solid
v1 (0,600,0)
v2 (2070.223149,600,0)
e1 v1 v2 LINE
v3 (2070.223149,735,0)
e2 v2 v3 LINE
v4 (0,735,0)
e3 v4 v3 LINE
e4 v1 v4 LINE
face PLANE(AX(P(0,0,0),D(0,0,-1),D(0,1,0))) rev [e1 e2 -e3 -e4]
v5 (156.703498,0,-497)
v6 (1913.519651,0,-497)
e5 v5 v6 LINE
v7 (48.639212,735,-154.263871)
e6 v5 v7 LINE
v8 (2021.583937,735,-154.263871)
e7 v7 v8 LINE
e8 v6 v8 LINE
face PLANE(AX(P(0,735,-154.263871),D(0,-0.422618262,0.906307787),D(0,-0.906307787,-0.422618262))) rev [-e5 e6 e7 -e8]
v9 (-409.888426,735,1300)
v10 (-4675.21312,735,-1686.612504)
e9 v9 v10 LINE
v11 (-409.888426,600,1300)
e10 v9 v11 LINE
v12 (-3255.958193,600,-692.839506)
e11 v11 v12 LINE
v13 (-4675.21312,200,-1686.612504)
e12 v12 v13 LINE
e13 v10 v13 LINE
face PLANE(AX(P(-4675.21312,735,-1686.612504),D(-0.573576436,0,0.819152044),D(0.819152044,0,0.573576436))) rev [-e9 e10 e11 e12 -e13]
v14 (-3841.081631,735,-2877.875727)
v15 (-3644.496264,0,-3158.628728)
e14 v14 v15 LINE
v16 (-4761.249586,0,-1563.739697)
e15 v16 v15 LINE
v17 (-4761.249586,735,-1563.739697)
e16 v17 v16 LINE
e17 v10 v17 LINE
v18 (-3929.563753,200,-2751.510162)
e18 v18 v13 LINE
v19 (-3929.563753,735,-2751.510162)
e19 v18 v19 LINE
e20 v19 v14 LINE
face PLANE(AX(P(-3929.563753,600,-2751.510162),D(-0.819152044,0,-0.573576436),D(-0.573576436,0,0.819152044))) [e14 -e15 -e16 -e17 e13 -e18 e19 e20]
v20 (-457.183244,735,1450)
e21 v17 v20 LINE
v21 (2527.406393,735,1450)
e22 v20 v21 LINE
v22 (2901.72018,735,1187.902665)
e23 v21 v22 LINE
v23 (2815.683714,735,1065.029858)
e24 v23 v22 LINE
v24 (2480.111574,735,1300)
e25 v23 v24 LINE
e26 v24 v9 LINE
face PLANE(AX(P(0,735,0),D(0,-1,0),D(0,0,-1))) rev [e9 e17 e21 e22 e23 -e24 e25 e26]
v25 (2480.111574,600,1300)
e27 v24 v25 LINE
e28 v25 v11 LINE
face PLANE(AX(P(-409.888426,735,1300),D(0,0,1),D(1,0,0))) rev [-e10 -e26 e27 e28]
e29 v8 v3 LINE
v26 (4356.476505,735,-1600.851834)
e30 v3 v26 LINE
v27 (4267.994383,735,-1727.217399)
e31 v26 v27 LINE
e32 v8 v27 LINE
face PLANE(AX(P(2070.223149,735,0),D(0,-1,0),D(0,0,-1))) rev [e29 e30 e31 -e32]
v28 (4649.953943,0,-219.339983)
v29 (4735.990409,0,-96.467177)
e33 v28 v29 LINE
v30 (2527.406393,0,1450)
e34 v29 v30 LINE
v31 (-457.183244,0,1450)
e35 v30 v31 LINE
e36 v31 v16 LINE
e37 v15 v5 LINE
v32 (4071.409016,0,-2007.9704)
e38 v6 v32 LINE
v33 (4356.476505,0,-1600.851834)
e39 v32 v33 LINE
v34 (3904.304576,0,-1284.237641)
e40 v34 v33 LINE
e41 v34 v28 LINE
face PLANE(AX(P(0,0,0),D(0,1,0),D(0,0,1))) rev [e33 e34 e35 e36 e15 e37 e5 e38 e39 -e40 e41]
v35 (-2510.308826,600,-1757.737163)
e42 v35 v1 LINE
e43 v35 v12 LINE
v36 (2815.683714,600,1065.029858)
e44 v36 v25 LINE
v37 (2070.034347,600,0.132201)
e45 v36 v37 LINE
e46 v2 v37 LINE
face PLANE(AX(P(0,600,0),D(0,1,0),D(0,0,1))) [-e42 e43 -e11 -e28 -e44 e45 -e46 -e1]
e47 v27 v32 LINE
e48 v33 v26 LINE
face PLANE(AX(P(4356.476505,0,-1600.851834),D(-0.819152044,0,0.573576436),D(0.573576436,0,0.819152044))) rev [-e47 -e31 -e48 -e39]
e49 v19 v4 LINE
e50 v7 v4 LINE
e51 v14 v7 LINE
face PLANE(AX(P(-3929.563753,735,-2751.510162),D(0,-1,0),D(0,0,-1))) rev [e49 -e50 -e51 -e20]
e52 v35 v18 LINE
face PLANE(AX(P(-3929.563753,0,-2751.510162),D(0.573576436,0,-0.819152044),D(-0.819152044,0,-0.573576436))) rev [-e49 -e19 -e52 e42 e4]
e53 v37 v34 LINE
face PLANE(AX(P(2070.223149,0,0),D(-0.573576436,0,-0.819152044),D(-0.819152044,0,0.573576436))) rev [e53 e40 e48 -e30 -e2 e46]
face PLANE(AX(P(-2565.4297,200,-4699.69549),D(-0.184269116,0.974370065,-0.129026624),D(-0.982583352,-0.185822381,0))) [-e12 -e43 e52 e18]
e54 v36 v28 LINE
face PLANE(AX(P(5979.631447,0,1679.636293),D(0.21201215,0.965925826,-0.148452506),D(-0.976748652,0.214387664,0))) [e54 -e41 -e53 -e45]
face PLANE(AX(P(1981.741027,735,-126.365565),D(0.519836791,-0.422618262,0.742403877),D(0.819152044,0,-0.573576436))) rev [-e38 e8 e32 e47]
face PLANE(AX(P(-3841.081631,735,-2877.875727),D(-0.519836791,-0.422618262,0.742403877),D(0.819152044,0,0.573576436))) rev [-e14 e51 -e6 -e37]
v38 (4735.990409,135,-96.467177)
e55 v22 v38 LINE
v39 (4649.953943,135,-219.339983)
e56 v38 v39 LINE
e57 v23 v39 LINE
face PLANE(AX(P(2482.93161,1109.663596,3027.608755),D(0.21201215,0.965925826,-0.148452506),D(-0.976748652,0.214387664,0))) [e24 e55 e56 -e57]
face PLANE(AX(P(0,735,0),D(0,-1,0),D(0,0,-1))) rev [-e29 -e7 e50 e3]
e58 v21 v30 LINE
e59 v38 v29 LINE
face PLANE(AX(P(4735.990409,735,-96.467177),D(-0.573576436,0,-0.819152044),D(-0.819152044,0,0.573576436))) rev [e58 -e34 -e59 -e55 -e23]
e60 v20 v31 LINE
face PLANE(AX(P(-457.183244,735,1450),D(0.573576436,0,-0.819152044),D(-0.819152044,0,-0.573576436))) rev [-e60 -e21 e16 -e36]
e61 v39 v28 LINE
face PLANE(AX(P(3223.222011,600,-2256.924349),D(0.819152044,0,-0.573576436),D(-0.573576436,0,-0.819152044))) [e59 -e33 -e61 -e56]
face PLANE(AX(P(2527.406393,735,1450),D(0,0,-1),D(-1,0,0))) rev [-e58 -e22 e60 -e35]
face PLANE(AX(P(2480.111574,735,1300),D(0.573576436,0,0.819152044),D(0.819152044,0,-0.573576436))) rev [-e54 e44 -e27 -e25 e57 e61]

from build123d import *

# Parameters (mm, degrees)
EXTRUDE_1_DEPTH      = 600
EXTRUDE_2_DEPTH      = 135
EXTRUDE_2_DEPTH_BACK = 600
CUT_EXTRUDE_1_DEPTH  = 1300
CUT_EXTRUDE_2_DEPTH  = 8114.690330729
CUT_EXTRUDE_3_DEPTH  = 1300


with BuildPart() as part:
    # 草图1 → 凸台-拉伸1 (new body)
    with BuildSketch(Plane(origin=(0, 0, 0), x_dir=(1, 0, 0), z_dir=(0, 1, 0))):
        Polygon((2815.872516171, -1064.897657576), (2070.223148915, 0), (0, 0), (-3929.563752899, 2751.510161656), (-4675.213120155, 1686.61250408), (-409.888425543, -1300), (2480.111574457, -1300), align=None)
        Polygon((4649.953943334, 219.339983414), (3904.304576078, 1284.23764099), (2070.223148915, 0), (2815.872516171, -1064.897657576), align=None)
    extrude(amount=EXTRUDE_1_DEPTH)

    # 草图2 → 凸台-拉伸2 (add, two sides)
    with BuildSketch(Plane(origin=(0, 600, 0), x_dir=(1, 0, 0), z_dir=(0, 1, 0))) as extrude_2_sk:
        Polygon((4649.953943334, 219.339983414), (4735.990408787, 96.467176771), (2527.406392789, -1450), (-457.183243875, -1450), (-4761.249585608, 1563.739697437), (-4675.213120155, 1686.61250408), (-409.888425543, -1300), (2480.111574457, -1300), align=None)
    extrude(amount=EXTRUDE_2_DEPTH)
    extrude(extrude_2_sk.sketch, amount=-EXTRUDE_2_DEPTH_BACK)

    # 扫描1: sweep along a path in 草图4
    with BuildLine(Plane(origin=(0, 600, 0), x_dir=(1, 0, 0), z_dir=(0, 1, 0))) as sweep_1_path:
        Line((-3929.563752899, 2751.510161656), (0, 0))
        Line((0, 0), (2070.223148915, 0))
        Line((2070.223148915, 0), (4356.476504525, 1600.851833856))
    # 草图3 → 扫描1 (sweep)
    with BuildSketch(Plane(origin=(-3929.563752899, 0, -2751.510161656), x_dir=(-0.5735764363510467, 0, 0.8191520442889915), z_dir=(-0.8191520442889914, 0, -0.5735764363510466))):
        Polygon((0, 0), (0, 735), (-154.263871256, 735), (-497, 0), align=None)
    sweep(path=sweep_1_path.line, transition=Transition.RIGHT)

    # 草图5 → 切除-拉伸1 (cut)
    with BuildSketch(Plane(origin=(681.082565403, 0, 972.686708208), x_dir=(0.8191520442889921, 2.43053022929219e-15, -0.5735764363510456), z_dir=(0.5735764363510456, -3.4711569022901e-15, 0.8191520442889921))):
        Polygon((3934.827524568, 0), (1695.597040027, 600), (3934.827524568, 600), align=None)
    extrude(amount=CUT_EXTRUDE_1_DEPTH, mode=Mode.SUBTRACT)

    # 草图7 → 切除-拉伸2 (cut, through all)
    with BuildSketch(Plane(origin=(1426.73193266, 0, 2037.584365783), x_dir=(-0.8191520442889908, 0, 0.5735764363510475), z_dir=(-0.5735764363510475, 0, -0.8191520442889908))):
        Polygon((-3934.827524568, 135), (-1695.597040026, 735), (-3934.827524568, 735), align=None)
    extrude(amount=-CUT_EXTRUDE_2_DEPTH, mode=Mode.SUBTRACT)

    # 草图8 → 切除-拉伸3 (cut)
    with BuildSketch(Plane(origin=(-745.649367256, 0, 1064.897657576), x_dir=(-0.8191520442889912, 0, -0.5735764363510469), z_dir=(0.5735764363510469, 0, -0.8191520442889914))):
        Polygon((4797.111574457, 200), (2479.771981715, 735), (4797.111574457, 735), align=None)
    extrude(amount=CUT_EXTRUDE_3_DEPTH, mode=Mode.SUBTRACT)


solid = part.part
